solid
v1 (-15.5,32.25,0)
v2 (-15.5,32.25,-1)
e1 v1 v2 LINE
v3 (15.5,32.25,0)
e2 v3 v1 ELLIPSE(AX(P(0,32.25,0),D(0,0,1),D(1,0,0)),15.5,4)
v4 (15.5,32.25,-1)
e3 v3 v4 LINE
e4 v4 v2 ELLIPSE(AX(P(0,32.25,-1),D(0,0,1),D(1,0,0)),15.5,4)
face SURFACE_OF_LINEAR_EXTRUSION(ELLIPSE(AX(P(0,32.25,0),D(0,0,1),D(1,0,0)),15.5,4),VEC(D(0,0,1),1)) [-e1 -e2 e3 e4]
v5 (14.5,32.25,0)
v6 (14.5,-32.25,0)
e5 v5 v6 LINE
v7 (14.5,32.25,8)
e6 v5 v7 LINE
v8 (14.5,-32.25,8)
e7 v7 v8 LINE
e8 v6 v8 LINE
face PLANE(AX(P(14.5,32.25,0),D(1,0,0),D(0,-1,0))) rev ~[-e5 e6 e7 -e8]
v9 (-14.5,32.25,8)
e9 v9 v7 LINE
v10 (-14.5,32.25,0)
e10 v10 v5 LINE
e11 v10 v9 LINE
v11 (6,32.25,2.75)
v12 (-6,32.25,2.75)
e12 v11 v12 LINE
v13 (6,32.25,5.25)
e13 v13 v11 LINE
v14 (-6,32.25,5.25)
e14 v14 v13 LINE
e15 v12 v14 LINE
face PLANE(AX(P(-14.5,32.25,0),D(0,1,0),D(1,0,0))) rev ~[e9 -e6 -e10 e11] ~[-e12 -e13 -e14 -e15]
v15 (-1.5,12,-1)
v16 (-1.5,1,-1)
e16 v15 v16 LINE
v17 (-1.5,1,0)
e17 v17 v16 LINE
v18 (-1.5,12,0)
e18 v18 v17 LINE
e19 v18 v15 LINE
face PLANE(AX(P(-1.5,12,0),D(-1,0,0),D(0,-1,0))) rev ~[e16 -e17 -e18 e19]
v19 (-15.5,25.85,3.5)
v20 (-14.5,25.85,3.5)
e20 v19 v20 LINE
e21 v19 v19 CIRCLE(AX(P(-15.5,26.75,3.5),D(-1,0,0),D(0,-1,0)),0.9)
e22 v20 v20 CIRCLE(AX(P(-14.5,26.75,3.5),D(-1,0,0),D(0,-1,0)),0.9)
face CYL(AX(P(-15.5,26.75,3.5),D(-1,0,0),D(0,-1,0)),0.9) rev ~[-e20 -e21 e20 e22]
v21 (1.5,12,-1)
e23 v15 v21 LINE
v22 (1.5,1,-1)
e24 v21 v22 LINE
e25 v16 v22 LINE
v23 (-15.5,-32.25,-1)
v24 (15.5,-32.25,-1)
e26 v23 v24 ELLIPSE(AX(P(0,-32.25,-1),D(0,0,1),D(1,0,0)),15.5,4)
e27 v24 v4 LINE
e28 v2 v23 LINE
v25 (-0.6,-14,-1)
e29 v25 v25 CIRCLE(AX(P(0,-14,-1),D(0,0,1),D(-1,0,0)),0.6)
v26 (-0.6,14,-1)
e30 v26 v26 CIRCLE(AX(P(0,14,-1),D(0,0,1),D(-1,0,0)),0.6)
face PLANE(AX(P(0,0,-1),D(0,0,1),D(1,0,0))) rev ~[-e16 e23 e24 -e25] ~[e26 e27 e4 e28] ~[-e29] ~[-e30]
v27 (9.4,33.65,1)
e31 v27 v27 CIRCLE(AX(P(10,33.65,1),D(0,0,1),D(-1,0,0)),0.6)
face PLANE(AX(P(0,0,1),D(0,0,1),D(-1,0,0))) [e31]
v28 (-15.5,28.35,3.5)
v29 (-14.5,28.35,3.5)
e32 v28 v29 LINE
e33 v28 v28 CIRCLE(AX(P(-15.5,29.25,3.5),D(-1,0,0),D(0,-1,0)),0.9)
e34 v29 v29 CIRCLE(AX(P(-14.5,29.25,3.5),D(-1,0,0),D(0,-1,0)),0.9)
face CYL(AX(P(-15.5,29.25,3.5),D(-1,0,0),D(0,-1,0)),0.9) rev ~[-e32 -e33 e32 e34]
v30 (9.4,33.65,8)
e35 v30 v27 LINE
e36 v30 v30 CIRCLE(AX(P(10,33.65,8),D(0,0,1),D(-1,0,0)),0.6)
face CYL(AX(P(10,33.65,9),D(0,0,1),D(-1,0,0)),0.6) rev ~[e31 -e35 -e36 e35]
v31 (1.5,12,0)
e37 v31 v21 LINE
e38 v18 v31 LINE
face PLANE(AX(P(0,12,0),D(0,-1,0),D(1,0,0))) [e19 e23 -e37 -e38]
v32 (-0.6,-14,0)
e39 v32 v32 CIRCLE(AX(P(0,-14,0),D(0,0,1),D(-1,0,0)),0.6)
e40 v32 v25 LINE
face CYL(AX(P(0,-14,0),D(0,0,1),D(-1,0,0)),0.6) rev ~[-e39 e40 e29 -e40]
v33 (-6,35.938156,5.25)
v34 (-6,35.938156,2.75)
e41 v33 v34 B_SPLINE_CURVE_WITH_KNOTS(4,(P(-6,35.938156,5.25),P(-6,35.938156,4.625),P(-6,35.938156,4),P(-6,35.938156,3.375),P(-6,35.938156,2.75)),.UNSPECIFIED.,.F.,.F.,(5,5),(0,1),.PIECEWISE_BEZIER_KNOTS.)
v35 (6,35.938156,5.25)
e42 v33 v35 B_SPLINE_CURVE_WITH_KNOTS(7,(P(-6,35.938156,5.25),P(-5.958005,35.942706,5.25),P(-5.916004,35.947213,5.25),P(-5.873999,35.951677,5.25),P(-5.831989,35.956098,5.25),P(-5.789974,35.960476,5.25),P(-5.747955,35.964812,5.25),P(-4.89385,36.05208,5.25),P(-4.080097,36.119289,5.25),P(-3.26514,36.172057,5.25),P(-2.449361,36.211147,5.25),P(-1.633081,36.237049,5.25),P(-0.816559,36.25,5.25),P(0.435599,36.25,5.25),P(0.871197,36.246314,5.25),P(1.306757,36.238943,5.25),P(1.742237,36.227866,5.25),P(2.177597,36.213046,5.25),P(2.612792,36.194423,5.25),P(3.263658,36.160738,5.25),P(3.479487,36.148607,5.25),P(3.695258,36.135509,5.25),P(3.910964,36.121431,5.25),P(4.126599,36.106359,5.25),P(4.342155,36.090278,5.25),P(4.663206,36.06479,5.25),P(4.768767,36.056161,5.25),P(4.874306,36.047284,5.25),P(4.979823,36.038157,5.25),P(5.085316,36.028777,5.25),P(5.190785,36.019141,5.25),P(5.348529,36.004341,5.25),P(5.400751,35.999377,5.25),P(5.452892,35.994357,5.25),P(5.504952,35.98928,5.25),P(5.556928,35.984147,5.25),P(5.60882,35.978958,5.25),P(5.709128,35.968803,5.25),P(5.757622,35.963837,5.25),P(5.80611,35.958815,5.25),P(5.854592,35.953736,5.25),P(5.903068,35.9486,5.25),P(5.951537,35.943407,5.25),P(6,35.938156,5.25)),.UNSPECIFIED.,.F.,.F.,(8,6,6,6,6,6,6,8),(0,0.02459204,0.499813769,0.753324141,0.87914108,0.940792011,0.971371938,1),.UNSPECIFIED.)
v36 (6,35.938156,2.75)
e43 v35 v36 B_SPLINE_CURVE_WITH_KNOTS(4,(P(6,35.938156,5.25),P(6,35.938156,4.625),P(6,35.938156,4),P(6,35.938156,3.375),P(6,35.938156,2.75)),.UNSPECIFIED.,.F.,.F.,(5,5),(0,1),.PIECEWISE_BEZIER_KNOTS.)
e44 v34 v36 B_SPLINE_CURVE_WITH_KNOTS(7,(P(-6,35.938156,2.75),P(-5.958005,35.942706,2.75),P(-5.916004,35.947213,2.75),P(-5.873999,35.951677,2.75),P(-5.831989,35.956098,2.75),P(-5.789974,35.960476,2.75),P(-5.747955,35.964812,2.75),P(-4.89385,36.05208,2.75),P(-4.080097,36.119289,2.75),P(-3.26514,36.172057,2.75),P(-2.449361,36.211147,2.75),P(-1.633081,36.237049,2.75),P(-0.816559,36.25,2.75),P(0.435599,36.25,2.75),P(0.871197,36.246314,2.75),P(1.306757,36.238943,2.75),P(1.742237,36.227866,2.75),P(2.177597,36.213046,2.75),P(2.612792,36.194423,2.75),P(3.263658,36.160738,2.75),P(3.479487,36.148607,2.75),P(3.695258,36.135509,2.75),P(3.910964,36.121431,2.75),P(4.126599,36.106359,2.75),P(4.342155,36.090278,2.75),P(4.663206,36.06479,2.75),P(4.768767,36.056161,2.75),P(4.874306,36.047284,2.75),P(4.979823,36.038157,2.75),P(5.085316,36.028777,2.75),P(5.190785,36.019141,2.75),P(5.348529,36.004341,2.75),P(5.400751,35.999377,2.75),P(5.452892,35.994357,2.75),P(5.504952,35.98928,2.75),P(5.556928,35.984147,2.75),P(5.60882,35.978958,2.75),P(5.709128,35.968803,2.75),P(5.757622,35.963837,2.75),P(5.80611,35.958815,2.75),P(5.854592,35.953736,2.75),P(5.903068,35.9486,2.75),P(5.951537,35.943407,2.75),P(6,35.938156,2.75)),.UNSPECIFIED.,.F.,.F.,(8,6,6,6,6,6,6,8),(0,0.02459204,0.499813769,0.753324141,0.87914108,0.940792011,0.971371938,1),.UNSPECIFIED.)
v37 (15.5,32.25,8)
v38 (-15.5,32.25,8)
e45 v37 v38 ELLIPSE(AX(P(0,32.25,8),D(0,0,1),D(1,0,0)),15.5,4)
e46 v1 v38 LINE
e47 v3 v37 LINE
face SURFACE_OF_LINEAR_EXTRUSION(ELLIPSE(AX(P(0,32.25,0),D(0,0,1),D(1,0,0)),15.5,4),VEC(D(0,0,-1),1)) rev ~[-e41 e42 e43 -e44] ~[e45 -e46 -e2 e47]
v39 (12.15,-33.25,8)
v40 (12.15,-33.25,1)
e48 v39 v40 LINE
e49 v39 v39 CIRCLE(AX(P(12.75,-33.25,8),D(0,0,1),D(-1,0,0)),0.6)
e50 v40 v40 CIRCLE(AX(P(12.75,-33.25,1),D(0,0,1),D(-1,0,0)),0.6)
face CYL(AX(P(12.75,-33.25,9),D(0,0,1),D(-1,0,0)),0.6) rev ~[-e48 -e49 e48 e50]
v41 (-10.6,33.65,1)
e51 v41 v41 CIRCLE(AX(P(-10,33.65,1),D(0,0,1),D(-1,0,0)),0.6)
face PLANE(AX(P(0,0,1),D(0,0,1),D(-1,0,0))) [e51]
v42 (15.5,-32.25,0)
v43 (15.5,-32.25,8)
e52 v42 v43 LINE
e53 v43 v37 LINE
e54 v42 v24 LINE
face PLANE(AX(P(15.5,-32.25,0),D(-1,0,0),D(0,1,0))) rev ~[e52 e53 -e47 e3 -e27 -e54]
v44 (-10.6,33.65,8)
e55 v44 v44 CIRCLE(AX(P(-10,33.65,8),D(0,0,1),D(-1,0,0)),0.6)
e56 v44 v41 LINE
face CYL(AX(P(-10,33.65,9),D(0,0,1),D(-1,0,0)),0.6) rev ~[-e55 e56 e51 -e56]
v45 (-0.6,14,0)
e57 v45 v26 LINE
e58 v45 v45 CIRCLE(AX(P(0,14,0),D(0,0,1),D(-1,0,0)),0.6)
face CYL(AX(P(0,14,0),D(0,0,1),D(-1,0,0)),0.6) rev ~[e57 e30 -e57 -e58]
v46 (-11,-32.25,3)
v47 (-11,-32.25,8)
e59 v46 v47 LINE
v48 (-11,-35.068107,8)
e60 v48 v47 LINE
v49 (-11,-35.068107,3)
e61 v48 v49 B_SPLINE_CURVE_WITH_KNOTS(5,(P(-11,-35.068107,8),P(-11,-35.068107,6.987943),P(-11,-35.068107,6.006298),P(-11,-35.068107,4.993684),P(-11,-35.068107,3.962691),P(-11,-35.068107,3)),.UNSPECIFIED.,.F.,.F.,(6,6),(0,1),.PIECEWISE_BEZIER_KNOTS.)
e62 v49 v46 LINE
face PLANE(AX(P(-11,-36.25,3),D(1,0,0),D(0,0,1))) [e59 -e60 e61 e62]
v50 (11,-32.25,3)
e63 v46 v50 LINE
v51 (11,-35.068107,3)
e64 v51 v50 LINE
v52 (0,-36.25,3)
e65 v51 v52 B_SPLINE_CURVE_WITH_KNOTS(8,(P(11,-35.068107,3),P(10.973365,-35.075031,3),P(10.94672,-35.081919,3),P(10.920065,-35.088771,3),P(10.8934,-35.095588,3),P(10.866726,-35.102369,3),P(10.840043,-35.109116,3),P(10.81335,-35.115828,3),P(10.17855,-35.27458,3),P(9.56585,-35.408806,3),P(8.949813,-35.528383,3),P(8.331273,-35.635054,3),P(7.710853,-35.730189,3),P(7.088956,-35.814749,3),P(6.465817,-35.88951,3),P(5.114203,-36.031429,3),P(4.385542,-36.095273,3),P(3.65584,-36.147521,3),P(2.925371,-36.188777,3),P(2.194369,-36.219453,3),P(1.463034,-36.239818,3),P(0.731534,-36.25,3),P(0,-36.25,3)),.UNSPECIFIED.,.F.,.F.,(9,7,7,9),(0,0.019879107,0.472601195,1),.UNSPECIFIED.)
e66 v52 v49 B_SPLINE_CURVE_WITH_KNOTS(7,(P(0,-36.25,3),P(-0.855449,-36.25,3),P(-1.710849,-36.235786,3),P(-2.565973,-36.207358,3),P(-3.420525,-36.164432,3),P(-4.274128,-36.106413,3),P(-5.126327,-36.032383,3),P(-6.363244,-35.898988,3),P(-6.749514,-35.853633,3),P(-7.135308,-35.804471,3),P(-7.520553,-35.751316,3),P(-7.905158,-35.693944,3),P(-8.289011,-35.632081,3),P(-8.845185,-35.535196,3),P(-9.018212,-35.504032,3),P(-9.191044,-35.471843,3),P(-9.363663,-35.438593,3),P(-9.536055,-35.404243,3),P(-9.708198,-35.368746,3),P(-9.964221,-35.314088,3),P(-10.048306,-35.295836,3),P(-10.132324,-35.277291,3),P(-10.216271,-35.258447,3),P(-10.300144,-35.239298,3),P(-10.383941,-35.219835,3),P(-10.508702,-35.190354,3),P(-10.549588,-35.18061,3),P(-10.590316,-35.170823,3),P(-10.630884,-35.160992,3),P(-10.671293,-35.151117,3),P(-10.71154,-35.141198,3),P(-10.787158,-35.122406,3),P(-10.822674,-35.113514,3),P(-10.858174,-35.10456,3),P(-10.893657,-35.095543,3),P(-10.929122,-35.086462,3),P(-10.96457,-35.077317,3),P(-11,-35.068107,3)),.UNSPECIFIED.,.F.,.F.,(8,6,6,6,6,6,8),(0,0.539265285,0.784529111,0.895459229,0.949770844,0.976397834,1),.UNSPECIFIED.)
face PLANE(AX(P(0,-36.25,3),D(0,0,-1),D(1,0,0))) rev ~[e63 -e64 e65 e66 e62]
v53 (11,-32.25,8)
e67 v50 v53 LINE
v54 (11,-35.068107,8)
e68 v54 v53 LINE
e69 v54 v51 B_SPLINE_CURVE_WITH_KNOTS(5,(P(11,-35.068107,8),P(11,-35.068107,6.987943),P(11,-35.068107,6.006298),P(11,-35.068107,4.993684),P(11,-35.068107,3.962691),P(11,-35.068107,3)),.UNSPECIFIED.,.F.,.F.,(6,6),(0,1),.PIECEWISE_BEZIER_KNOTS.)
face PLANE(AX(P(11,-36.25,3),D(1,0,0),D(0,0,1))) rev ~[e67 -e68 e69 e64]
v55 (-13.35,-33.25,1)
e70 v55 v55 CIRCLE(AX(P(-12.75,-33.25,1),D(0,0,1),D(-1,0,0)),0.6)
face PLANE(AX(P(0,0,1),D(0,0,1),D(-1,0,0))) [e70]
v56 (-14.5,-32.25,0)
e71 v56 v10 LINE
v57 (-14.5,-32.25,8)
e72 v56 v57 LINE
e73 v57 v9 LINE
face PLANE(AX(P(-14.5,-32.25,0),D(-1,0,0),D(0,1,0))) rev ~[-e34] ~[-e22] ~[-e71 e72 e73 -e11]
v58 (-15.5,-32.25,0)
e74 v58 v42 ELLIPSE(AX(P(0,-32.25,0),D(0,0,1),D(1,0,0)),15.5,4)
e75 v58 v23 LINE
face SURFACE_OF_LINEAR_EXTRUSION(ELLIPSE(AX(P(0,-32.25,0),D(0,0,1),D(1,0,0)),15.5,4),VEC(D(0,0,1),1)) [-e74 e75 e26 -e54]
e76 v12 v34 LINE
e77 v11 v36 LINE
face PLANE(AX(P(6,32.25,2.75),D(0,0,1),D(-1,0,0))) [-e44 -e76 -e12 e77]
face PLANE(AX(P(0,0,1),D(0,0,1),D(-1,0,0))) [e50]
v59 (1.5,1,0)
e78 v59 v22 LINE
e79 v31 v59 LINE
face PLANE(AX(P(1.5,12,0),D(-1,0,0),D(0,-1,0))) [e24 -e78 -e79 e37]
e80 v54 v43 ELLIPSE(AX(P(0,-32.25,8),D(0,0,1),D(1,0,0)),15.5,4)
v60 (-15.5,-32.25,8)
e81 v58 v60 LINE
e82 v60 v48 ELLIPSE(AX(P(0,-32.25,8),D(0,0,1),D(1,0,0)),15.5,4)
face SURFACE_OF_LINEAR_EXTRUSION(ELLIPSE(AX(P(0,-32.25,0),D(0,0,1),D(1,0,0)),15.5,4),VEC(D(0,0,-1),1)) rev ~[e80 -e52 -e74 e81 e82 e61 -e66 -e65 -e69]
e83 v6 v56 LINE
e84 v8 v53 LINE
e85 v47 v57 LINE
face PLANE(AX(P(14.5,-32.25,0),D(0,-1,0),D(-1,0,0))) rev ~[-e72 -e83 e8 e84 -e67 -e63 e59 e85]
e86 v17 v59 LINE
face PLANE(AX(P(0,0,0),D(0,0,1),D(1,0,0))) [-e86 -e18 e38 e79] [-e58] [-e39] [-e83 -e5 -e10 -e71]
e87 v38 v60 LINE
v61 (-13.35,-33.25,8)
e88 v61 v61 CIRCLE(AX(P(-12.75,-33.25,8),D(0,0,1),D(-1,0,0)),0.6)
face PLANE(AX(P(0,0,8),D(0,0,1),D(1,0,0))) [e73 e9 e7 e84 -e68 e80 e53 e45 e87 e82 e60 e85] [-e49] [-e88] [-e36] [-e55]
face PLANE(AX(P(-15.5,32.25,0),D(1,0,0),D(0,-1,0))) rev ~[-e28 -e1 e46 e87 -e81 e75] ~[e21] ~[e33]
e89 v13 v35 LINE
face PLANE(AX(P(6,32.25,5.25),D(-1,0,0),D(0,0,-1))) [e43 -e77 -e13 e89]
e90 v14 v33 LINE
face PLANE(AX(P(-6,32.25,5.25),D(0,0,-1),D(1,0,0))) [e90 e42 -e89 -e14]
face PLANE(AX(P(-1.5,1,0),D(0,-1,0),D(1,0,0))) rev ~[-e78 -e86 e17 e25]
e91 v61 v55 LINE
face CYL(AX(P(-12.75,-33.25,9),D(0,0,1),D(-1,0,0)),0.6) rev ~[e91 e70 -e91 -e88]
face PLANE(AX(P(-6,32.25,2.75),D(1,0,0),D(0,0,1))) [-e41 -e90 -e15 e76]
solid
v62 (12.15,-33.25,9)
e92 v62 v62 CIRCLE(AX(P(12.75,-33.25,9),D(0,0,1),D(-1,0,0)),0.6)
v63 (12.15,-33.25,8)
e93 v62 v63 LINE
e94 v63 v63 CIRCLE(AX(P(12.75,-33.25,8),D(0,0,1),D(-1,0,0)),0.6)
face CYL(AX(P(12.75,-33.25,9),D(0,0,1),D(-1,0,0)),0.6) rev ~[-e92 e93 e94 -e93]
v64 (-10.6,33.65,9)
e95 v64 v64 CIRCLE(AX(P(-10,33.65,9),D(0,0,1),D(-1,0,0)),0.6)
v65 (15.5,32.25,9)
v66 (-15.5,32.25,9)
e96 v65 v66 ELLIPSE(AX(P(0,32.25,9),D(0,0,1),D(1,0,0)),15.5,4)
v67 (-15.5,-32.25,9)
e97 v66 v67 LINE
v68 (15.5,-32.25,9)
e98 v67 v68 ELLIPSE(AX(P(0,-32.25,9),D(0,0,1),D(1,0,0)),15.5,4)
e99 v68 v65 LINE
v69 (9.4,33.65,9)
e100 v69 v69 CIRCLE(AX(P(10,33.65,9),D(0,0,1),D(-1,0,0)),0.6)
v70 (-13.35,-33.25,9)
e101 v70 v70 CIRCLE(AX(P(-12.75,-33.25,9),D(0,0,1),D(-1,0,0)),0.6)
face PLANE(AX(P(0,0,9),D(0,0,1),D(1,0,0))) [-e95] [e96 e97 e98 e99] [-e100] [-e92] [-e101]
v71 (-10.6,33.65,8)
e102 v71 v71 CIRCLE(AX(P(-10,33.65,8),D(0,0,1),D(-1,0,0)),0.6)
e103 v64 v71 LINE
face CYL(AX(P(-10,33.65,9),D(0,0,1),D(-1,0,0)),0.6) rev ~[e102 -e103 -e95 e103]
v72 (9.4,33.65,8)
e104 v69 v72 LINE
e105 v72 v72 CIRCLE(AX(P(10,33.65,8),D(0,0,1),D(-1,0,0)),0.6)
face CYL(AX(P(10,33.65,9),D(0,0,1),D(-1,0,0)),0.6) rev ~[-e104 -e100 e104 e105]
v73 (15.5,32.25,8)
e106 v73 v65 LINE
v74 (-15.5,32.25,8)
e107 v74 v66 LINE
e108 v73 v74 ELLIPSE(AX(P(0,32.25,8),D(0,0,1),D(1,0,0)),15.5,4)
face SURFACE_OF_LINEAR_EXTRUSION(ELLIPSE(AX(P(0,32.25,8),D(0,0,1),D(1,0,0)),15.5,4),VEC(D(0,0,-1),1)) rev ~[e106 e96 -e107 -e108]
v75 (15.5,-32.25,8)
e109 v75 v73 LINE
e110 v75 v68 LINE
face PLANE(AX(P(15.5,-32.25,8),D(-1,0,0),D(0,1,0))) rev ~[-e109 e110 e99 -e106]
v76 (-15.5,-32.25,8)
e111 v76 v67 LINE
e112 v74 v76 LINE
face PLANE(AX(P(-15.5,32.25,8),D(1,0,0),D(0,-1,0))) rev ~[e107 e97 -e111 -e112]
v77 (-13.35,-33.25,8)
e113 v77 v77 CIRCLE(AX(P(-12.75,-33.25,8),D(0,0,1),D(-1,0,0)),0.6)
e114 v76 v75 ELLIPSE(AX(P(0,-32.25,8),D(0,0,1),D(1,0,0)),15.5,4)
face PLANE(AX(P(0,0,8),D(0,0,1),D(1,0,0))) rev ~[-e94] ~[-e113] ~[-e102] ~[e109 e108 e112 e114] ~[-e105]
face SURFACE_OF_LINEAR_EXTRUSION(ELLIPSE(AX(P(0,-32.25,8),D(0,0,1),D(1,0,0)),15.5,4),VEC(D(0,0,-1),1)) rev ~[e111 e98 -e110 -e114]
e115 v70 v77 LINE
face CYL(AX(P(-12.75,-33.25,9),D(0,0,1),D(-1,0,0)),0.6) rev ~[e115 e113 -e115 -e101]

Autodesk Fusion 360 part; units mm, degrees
sketch "Boceto1" plane through (0, 0, 0) normal (0, 0, 1) x (1, 0, 0)
  line L0 (14.5, -32.25) -> (-14.5, -32.25)
  line L1 (-14.5, -32.25) -> (-14.5, 32.25)
  line L2 (-14.5, 32.25) -> (14.5, 32.25)
  line L3 (14.5, 32.25) -> (14.5, -32.25)
  line L4 (14.5, -32.25) -> (-14.5, 32.25) construction
  line L5 (-14.5, -32.25) -> (14.5, 32.25) construction
  line L6 (-15.5, 32.25) -> (-15.5, -32.25)
  line L7 (15.5, -32.25) -> (15.5, 32.25)
  ellipse E0 centre (0, -32.25) end of major axis (15.5, -32.25) minor radius 4 (-15.5, -32.25) -> (15.5, -32.25) ccw
  line L8 (-14.5, -31.1048) -> (-15.3184, -32.8605) construction
  line L9 (-15.5, 33.25) -> (-14.5, 31.1048) construction
  line L10 (14.5, -31.1048) -> (15.3184, -32.8605) construction
  line L11 (15.3184, 32.8605) -> (14.5, 31.1048) construction
  line L12 (0, 0) -> (-14.3203, -30.7194) construction
  ellipse E1 centre (0, 32.25) end of major axis (15.5, 32.25) minor radius 4 (15.5, 32.25) -> (-15.5, 32.25) ccw
  dimension "d1" = 29
  dimension "d2" = 64.5
  dimension "d5" = 8
  dimension "d6" = 8
extrude "Extruir1" add sketch "Boceto1" against normal blind 1 contours L0 L1 L2 L3 | L6 L7 E0 E1 makes body 1
extrude "Extruir3" add sketch "Boceto1" along normal blind 8 bodies 1
extrude "Extruir4" add sketch "Boceto1" along normal blind 1 from surface at 8 separate body contours L0 L1 L2 L3 | L6 L7 E0 E1 makes body 2
ref_plane "PlanoDeObra1" through (0, -36.25, 0) normal (0, 1, 0) x (0, 0, 1)
sketch "Boceto3" plane through (0, -36.25, 0) normal (0, 1, 0) x (1, 0, 0)
  line L0 (-15.5, -8) -> (-15.5, 1)
  line L1 (15.5, 1) -> (-15.5, 1)
  line L2 (15.5, 1) -> (15.5, -8)
  line L3 (-15.5, -8) -> (15.5, -8)
  line L4 (0, -8) -> (0, -3) construction
  line L5 (0, -3) -> (-11, -3)
  line L6 (0, -3) -> (11, -3)
  line L7 (-11, -3) -> (-11, -8)
  line L8 (11, -3) -> (11, -8)
  line L9 (11, -8) -> (-11, -8)
  dimension "d21" = 5
  dimension "d22" = 11
  dimension "d23" = 11
extrude "Extruir5" cut sketch "Boceto3" along normal blind 14 contours L3 L5 L6 L7 L8 L9 bodies 1
ref_plane "PlanoDeObra2" through (0, 32.25, 4) normal (0, -1, 0) x (1, 0, 0)
sketch "Boceto4" plane through (0, 32.25, 0) normal (0, -1, 0) x (-1, 0, 0)
  line L0 (14.5, 0) -> (-14.5, 0)
  line L1 (-14.5, 0) -> (-14.5, -8)
  line L2 (-14.5, -8) -> (14.5, -8)
  line L3 (14.5, -8) -> (14.5, 0)
  line L4 (0, -8) -> (0, 0) construction
  line L5 (-6, -2.75) -> (6, -2.75)
  line L6 (6, -2.75) -> (6, -5.25)
  line L7 (6, -5.25) -> (-6, -5.25)
  line L8 (-6, -5.25) -> (-6, -2.75)
  line L9 (-6, -2.75) -> (6, -5.25) construction
  line L10 (6, -2.75) -> (-6, -5.25) construction
  point P0 (0, -4)
  dimension "d27" = 12
  dimension "d28" = 2.5
extrude "Extruir6" cut sketch "Boceto4" against normal blind 11 contours L5 L6 L7 L8 bodies 1
sketch "Boceto7" plane through (0, 0, 9) normal (0, 0, 1) x (-1, 0, 0)
  ellipse E0 centre (0, -32.25) end of major axis (-15.5, -32.25) minor radius 4 (-15.5, -32.25) -> (15.5, -32.25) ccw
  line L0 (15.5, -32.25) -> (15.5, 32.25)
  ellipse E1 centre (0, 32.25) end of major axis (-15.5, 32.25) minor radius 4 (15.5, 32.25) -> (-15.5, 32.25) ccw
  line L1 (-15.5, 32.25) -> (-15.5, -32.25)
  line L2 (-11, 32.25) -> (11, 32.25)
  line L3 (11, 32.25) -> (11, 35.0681)
  ellipse E2 centre (0, 32.25) end of major axis (-15.5, 32.25) minor radius 4 (11, 35.0681) -> (-11, 35.0681) ccw
  line L4 (-11, 35.0681) -> (-11, 32.25)
  line L5 (14.5, -32.25) -> (14.5, 32.25)
  line L6 (14.5, 32.25) -> (-14.5, 32.25)
  line L7 (-14.5, 32.25) -> (-14.5, -32.25)
  line L8 (-14.5, -32.25) -> (14.5, -32.25)
  line L9 (-14.5, 32.25) -> (-12.75, 32.25) construction
  line L10 (-12.75, 32.25) -> (-12.75, 33.25) construction
  circle A0 centre (-12.75, 33.25) radius 0.6
  line L11 (14.5, 32.25) -> (12.75, 32.25)
  line L12 (12.75, 32.25) -> (12.75, 33.25) construction
  circle A1 centre (12.75, 33.25) radius 0.6
  line L13 (0, -32.25) -> (0, -36.25)
  line L14 (0, -32.25) -> (10, -32.25)
  line L15 (0, -32.25) -> (-10, -32.25)
  line L16 (-10, -32.25) -> (-10, -33.65) construction
  circle A2 centre (-10, -33.65) radius 0.6
  line L17 (10, -32.25) -> (10, -33.65) construction
  circle A3 centre (10, -33.65) radius 0.6
  dimension "d31" = 1.75
  dimension "d32" = 1
  dimension "d33" = 1.2
  dimension "d34" = 1.75
  dimension "d35" = 1
  dimension "d36" = 1.2
  dimension "d37" = 10
  dimension "d38" = 10
  dimension "d39" = 1.4
  dimension "d40" = 1.2
  dimension "d41" = 1.4
  dimension "d42" = 1.2
extrude "Extruir7" cut sketch "Boceto7" against normal blind 8 contours A0 | A1 | A2 | A3 bodies 1 2
sketch "Boceto8" plane through (-15.5, 0, 0) normal (-1, 0, 0) x (0, -1, 0)
  line L0 (-32.25, 8) -> (-32.25, -1)
  line L1 (-32.25, -1) -> (32.25, -1)
  line L2 (32.25, -1) -> (32.25, 8)
  line L3 (32.25, 8) -> (-32.25, 8)
  line L4 (-32.25, 3.5) -> (-29.25, 3.5) construction
  circle A0 centre (-29.25, 3.5) radius 0.9
  line L5 (-29.25, 3.5) -> (-26.75, 3.5) construction
  circle A1 centre (-26.75, 3.5) radius 0.9
  dimension "d45" = 3
  dimension "d46" = 1.8
  dimension "d47" = 2.5
  dimension "d48" = 1.8
extrude "Extruir8" cut sketch "Boceto8" against normal blind 11 contours A0 | A1 bodies 1
sketch "Boceto10" plane through (0, 0, 0) normal (0, 0, 1) x (-1, 0, 0)
  line L0 (14.5, -32.25) -> (14.5, 32.25)
  line L1 (14.5, 32.25) -> (-14.5, 32.25)
  line L2 (-14.5, 32.25) -> (-14.5, -32.25)
  line L3 (-14.5, -32.25) -> (14.5, -32.25)
  line L4 (-9, 13) -> (9, 13) construction
  line L5 (9, 13) -> (9, -13) construction
  line L6 (9, -13) -> (-9, -13) construction
  line L7 (-9, -13) -> (-9, 13) construction
  line L8 (-9, 13) -> (9, -13) construction
  line L9 (9, 13) -> (-9, -13) construction
  line L10 (0, -13) -> (0, -12) construction
  line L11 (0, -12) -> (1.5, -12)
  line L12 (0, -12) -> (-1.5, -12)
  line L13 (1.5, -12) -> (1.5, -1)
  line L14 (-1.5, -12) -> (-1.5, -1)
  line L15 (1.5, -1) -> (-1.5, -1)
  line L16 (-10, 14) -> (10, 14) construction
  line L17 (10, 14) -> (10, -14) construction
  line L18 (10, -14) -> (-10, -14) construction
  line L19 (-10, -14) -> (-10, 14) construction
  line L20 (-10, 14) -> (10, -14) construction
  line L21 (10, 14) -> (-10, -14) construction
  circle A0 centre (0, -14) radius 0.6
  circle A1 centre (0, 14) radius 0.6
  dimension "d56" = 18
  dimension "d57" = 26
  dimension "d58" = 1
  dimension "d59" = 1.5
  dimension "d60" = 1.5
  dimension "d61" = 11
  dimension "d62" = 11
  dimension "d63" = 20
  dimension "d64" = 28
  dimension "d65" = 1.2
  dimension "d66" = 1.2
extrude "Extruir9" cut sketch "Boceto10" against normal blind 4 contours L11 L12 L13 L14 L15 | A0 | A1 bodies 1
equation "d15 = 5 mm + 3 mm"
equation "d31 = ( 3.5 / 2 ) * 1 mm"
equation "d34 = ( 3.5 / 2 ) * 1 mm"
